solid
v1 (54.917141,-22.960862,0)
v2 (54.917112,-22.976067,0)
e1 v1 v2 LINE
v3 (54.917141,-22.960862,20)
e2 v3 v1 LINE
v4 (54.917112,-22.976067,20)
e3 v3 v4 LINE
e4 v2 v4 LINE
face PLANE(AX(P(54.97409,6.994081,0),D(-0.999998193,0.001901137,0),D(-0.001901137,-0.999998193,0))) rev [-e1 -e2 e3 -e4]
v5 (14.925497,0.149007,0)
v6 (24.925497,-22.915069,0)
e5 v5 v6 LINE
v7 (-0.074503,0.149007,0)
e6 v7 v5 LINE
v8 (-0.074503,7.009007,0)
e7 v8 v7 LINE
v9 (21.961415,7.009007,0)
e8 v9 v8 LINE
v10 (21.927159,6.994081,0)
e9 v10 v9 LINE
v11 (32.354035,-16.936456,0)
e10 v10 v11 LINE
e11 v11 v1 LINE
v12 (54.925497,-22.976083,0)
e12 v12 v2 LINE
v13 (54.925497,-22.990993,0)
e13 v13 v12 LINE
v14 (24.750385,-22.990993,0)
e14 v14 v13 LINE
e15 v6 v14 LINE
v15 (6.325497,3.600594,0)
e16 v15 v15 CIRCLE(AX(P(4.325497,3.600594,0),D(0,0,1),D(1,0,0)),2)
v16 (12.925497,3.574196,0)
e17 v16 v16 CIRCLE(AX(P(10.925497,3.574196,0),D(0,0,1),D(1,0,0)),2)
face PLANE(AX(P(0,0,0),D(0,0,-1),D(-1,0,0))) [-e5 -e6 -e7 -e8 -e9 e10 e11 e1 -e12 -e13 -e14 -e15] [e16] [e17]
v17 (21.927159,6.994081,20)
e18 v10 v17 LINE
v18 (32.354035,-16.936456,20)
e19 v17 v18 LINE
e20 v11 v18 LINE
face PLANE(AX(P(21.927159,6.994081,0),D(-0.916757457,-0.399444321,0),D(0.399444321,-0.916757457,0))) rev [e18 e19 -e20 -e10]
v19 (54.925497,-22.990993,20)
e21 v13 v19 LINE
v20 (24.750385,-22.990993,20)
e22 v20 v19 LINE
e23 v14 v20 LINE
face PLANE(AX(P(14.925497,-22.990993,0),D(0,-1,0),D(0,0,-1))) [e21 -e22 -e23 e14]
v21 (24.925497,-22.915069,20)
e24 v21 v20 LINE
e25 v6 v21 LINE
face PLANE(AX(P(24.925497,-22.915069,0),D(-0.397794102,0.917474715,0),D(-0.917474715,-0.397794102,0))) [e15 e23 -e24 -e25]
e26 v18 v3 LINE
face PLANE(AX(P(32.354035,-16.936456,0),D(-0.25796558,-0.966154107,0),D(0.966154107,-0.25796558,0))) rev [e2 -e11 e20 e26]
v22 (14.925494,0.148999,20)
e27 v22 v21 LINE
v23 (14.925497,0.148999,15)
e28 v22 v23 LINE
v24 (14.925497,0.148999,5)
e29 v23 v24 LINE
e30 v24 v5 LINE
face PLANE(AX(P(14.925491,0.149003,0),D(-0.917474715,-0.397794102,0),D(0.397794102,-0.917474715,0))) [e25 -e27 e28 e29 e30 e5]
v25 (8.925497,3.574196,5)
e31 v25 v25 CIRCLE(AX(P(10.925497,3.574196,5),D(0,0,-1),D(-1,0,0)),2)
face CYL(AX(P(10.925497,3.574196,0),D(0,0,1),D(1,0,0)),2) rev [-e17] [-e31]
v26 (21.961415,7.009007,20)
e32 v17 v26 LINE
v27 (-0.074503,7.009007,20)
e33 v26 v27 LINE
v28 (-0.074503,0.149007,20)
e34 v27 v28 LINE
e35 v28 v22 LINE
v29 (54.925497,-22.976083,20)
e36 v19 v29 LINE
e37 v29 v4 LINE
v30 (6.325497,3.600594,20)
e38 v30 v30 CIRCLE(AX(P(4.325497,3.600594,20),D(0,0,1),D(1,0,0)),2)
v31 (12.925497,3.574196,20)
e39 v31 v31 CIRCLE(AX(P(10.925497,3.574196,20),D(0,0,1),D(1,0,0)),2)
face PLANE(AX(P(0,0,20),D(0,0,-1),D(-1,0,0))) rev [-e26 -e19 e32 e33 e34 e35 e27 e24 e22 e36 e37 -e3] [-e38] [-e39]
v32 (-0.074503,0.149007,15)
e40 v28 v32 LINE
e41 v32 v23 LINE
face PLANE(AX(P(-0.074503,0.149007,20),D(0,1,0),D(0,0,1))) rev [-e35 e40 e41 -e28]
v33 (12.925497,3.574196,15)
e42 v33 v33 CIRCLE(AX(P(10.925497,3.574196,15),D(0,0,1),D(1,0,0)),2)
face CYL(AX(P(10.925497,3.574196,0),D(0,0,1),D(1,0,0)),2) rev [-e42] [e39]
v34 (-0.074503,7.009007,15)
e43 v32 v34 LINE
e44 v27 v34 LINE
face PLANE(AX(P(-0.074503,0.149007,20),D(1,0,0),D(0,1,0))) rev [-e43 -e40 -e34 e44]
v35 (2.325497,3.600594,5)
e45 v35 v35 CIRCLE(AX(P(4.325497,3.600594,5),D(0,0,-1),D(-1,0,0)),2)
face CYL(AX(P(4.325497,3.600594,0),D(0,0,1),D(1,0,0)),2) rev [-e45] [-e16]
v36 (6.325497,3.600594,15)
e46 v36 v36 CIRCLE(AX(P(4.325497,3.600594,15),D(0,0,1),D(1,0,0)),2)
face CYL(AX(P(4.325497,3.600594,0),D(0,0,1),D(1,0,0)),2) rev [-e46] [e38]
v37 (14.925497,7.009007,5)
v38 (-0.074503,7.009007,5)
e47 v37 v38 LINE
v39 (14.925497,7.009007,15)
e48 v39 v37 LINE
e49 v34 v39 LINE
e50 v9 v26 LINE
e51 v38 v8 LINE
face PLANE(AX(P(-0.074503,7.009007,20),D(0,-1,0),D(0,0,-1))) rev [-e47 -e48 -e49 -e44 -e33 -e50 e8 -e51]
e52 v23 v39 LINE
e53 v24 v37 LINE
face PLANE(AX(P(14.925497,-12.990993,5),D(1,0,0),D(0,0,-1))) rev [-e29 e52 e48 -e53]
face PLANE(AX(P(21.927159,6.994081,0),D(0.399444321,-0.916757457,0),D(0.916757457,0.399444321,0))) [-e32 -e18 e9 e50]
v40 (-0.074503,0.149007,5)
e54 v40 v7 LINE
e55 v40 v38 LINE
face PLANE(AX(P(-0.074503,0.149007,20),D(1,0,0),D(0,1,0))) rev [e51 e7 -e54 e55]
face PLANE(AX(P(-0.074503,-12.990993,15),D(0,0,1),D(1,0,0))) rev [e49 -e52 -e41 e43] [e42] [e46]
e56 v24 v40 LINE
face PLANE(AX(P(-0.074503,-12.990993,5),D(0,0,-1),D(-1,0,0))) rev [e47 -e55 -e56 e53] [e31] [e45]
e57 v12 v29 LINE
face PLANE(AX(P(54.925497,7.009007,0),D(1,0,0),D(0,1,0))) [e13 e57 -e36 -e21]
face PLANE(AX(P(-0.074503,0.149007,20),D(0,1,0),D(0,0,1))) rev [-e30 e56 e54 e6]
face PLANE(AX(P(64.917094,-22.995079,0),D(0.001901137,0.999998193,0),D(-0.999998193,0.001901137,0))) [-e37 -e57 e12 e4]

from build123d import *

# Parameters (mm, degrees)
SKETCH2_W               = 15
SKETCH2_H               = 6.86
BOSS_EXTRUDE1_DEPTH     = 20
SKETCH4_W               = 40
SKETCH4_H               = 30
BOSS_EXTRUDE2_DEPTH     = 20
CUT_EXTRUDE_THIN1_DEPTH = 20
CUT_EXTRUDE_THIN2_DEPTH = 20
SKETCH10_W              = 15
SKETCH10_H              = 10
CUT_EXTRUDE4_DEPTH      = 20
CUT_EXTRUDE5_DEPTH      = 20


with BuildPart() as part:
    # Sketch2 → Boss-Extrude1 (new body)
    with BuildSketch(Plane.XY):
        with Locations((7.425496689, 3.579006623)):
            Rectangle(SKETCH2_W, SKETCH2_H)
    extrude(amount=BOSS_EXTRUDE1_DEPTH)

    # Sketch4 → Boss-Extrude2 (add)
    with BuildSketch(Plane.XY.offset(20)):
        with Locations((34.925496689, -7.990993377)):
            Rectangle(SKETCH4_W, SKETCH4_H)
    extrude(amount=-BOSS_EXTRUDE2_DEPTH)

    # Sketch6 → Cut-Extrude-Thin1 (cut)
    with BuildSketch(Plane.XY.offset(20)):
        Polygon((14.925491376, 0.149003146), (24.925496689, -22.915069368), (15.750749541, -26.893010391), (5.750744229, -3.828937877), align=None)
    extrude(amount=-CUT_EXTRUDE_THIN1_DEPTH, mode=Mode.SUBTRACT)

    # Sketch7 → Cut-Extrude-Thin2 (cut)
    with BuildSketch(Plane.XY.offset(20)):
        Polygon((21.92715857, 6.994080588), (32.354035132, -16.936455783), (54.974089749, -22.976067343), (57.553745552, -13.314526268), (39.594610752, -8.51939204), (31.094733139, 10.988523793), align=None)
        Polygon((22.041113505, 7.165012991), (54.974089749, 6.994080588), (54.917112281, -22.976067343), (64.917094209, -22.995078715), (64.993020621, 16.942213912), (22.09301592, 17.164878297), align=None)
    extrude(amount=-CUT_EXTRUDE_THIN2_DEPTH, mode=Mode.SUBTRACT)


with BuildPart() as body_2:
    # of the pieces the cut leaves, the one that is kept (cut_extrude_thin2_keep)
    add(part.part.solids().sort_by_distance((-0.074503311, 0.149006623, 0))[0])

    # Sketch10 → Cut-Extrude4 (cut)
    with BuildSketch(Plane(origin=(0, 7.009006623, 0), x_dir=(1, 0, 0), z_dir=(0, 1, 0))):
        with Locations((7.425496689, -10)):
            Rectangle(SKETCH10_W, SKETCH10_H)
    extrude(amount=-CUT_EXTRUDE4_DEPTH, mode=Mode.SUBTRACT)

    # Sketch11 → Cut-Extrude5 (cut)
    with BuildSketch(Plane.XY.offset(20)):
        with BuildLine():
            ThreePointArc((6.325496689, 3.60059408), (4.314702178, 5.60056495), (2.32561321, 3.579005373))
            Line((2.32561321, 3.579005373), (6.325380145, 3.579003291))
            ThreePointArc((6.325380145, 3.579003291), (6.325467553, 3.589798528), (6.325496689, 3.60059408))
        make_face()
        with BuildLine():
            Line((6.325380145, 3.579003291), (2.32561321, 3.579005373))
            ThreePointArc((2.32561321, 3.579005373), (4.325495648, 1.60059408), (6.325380145, 3.579003291))
        make_face()
        with BuildLine():
            ThreePointArc((12.92549092, 3.578999855), (10.92549773, 5.574196049), (8.925502463, 3.579001937))
            Line((8.925502463, 3.579001937), (12.92549092, 3.578999855))
        make_face()
        with BuildLine():
            Line((12.92549092, 3.578999855), (8.925502463, 3.579001937))
            ThreePointArc((8.925502463, 3.579001937), (10.923093743, 1.574197492), (12.925496689, 3.574196049))
            ThreePointArc((12.925496689, 3.574196049), (12.925495246, 3.576597954), (12.92549092, 3.578999855))
        make_face()
    extrude(amount=-CUT_EXTRUDE5_DEPTH, mode=Mode.SUBTRACT)


solid = body_2.part
